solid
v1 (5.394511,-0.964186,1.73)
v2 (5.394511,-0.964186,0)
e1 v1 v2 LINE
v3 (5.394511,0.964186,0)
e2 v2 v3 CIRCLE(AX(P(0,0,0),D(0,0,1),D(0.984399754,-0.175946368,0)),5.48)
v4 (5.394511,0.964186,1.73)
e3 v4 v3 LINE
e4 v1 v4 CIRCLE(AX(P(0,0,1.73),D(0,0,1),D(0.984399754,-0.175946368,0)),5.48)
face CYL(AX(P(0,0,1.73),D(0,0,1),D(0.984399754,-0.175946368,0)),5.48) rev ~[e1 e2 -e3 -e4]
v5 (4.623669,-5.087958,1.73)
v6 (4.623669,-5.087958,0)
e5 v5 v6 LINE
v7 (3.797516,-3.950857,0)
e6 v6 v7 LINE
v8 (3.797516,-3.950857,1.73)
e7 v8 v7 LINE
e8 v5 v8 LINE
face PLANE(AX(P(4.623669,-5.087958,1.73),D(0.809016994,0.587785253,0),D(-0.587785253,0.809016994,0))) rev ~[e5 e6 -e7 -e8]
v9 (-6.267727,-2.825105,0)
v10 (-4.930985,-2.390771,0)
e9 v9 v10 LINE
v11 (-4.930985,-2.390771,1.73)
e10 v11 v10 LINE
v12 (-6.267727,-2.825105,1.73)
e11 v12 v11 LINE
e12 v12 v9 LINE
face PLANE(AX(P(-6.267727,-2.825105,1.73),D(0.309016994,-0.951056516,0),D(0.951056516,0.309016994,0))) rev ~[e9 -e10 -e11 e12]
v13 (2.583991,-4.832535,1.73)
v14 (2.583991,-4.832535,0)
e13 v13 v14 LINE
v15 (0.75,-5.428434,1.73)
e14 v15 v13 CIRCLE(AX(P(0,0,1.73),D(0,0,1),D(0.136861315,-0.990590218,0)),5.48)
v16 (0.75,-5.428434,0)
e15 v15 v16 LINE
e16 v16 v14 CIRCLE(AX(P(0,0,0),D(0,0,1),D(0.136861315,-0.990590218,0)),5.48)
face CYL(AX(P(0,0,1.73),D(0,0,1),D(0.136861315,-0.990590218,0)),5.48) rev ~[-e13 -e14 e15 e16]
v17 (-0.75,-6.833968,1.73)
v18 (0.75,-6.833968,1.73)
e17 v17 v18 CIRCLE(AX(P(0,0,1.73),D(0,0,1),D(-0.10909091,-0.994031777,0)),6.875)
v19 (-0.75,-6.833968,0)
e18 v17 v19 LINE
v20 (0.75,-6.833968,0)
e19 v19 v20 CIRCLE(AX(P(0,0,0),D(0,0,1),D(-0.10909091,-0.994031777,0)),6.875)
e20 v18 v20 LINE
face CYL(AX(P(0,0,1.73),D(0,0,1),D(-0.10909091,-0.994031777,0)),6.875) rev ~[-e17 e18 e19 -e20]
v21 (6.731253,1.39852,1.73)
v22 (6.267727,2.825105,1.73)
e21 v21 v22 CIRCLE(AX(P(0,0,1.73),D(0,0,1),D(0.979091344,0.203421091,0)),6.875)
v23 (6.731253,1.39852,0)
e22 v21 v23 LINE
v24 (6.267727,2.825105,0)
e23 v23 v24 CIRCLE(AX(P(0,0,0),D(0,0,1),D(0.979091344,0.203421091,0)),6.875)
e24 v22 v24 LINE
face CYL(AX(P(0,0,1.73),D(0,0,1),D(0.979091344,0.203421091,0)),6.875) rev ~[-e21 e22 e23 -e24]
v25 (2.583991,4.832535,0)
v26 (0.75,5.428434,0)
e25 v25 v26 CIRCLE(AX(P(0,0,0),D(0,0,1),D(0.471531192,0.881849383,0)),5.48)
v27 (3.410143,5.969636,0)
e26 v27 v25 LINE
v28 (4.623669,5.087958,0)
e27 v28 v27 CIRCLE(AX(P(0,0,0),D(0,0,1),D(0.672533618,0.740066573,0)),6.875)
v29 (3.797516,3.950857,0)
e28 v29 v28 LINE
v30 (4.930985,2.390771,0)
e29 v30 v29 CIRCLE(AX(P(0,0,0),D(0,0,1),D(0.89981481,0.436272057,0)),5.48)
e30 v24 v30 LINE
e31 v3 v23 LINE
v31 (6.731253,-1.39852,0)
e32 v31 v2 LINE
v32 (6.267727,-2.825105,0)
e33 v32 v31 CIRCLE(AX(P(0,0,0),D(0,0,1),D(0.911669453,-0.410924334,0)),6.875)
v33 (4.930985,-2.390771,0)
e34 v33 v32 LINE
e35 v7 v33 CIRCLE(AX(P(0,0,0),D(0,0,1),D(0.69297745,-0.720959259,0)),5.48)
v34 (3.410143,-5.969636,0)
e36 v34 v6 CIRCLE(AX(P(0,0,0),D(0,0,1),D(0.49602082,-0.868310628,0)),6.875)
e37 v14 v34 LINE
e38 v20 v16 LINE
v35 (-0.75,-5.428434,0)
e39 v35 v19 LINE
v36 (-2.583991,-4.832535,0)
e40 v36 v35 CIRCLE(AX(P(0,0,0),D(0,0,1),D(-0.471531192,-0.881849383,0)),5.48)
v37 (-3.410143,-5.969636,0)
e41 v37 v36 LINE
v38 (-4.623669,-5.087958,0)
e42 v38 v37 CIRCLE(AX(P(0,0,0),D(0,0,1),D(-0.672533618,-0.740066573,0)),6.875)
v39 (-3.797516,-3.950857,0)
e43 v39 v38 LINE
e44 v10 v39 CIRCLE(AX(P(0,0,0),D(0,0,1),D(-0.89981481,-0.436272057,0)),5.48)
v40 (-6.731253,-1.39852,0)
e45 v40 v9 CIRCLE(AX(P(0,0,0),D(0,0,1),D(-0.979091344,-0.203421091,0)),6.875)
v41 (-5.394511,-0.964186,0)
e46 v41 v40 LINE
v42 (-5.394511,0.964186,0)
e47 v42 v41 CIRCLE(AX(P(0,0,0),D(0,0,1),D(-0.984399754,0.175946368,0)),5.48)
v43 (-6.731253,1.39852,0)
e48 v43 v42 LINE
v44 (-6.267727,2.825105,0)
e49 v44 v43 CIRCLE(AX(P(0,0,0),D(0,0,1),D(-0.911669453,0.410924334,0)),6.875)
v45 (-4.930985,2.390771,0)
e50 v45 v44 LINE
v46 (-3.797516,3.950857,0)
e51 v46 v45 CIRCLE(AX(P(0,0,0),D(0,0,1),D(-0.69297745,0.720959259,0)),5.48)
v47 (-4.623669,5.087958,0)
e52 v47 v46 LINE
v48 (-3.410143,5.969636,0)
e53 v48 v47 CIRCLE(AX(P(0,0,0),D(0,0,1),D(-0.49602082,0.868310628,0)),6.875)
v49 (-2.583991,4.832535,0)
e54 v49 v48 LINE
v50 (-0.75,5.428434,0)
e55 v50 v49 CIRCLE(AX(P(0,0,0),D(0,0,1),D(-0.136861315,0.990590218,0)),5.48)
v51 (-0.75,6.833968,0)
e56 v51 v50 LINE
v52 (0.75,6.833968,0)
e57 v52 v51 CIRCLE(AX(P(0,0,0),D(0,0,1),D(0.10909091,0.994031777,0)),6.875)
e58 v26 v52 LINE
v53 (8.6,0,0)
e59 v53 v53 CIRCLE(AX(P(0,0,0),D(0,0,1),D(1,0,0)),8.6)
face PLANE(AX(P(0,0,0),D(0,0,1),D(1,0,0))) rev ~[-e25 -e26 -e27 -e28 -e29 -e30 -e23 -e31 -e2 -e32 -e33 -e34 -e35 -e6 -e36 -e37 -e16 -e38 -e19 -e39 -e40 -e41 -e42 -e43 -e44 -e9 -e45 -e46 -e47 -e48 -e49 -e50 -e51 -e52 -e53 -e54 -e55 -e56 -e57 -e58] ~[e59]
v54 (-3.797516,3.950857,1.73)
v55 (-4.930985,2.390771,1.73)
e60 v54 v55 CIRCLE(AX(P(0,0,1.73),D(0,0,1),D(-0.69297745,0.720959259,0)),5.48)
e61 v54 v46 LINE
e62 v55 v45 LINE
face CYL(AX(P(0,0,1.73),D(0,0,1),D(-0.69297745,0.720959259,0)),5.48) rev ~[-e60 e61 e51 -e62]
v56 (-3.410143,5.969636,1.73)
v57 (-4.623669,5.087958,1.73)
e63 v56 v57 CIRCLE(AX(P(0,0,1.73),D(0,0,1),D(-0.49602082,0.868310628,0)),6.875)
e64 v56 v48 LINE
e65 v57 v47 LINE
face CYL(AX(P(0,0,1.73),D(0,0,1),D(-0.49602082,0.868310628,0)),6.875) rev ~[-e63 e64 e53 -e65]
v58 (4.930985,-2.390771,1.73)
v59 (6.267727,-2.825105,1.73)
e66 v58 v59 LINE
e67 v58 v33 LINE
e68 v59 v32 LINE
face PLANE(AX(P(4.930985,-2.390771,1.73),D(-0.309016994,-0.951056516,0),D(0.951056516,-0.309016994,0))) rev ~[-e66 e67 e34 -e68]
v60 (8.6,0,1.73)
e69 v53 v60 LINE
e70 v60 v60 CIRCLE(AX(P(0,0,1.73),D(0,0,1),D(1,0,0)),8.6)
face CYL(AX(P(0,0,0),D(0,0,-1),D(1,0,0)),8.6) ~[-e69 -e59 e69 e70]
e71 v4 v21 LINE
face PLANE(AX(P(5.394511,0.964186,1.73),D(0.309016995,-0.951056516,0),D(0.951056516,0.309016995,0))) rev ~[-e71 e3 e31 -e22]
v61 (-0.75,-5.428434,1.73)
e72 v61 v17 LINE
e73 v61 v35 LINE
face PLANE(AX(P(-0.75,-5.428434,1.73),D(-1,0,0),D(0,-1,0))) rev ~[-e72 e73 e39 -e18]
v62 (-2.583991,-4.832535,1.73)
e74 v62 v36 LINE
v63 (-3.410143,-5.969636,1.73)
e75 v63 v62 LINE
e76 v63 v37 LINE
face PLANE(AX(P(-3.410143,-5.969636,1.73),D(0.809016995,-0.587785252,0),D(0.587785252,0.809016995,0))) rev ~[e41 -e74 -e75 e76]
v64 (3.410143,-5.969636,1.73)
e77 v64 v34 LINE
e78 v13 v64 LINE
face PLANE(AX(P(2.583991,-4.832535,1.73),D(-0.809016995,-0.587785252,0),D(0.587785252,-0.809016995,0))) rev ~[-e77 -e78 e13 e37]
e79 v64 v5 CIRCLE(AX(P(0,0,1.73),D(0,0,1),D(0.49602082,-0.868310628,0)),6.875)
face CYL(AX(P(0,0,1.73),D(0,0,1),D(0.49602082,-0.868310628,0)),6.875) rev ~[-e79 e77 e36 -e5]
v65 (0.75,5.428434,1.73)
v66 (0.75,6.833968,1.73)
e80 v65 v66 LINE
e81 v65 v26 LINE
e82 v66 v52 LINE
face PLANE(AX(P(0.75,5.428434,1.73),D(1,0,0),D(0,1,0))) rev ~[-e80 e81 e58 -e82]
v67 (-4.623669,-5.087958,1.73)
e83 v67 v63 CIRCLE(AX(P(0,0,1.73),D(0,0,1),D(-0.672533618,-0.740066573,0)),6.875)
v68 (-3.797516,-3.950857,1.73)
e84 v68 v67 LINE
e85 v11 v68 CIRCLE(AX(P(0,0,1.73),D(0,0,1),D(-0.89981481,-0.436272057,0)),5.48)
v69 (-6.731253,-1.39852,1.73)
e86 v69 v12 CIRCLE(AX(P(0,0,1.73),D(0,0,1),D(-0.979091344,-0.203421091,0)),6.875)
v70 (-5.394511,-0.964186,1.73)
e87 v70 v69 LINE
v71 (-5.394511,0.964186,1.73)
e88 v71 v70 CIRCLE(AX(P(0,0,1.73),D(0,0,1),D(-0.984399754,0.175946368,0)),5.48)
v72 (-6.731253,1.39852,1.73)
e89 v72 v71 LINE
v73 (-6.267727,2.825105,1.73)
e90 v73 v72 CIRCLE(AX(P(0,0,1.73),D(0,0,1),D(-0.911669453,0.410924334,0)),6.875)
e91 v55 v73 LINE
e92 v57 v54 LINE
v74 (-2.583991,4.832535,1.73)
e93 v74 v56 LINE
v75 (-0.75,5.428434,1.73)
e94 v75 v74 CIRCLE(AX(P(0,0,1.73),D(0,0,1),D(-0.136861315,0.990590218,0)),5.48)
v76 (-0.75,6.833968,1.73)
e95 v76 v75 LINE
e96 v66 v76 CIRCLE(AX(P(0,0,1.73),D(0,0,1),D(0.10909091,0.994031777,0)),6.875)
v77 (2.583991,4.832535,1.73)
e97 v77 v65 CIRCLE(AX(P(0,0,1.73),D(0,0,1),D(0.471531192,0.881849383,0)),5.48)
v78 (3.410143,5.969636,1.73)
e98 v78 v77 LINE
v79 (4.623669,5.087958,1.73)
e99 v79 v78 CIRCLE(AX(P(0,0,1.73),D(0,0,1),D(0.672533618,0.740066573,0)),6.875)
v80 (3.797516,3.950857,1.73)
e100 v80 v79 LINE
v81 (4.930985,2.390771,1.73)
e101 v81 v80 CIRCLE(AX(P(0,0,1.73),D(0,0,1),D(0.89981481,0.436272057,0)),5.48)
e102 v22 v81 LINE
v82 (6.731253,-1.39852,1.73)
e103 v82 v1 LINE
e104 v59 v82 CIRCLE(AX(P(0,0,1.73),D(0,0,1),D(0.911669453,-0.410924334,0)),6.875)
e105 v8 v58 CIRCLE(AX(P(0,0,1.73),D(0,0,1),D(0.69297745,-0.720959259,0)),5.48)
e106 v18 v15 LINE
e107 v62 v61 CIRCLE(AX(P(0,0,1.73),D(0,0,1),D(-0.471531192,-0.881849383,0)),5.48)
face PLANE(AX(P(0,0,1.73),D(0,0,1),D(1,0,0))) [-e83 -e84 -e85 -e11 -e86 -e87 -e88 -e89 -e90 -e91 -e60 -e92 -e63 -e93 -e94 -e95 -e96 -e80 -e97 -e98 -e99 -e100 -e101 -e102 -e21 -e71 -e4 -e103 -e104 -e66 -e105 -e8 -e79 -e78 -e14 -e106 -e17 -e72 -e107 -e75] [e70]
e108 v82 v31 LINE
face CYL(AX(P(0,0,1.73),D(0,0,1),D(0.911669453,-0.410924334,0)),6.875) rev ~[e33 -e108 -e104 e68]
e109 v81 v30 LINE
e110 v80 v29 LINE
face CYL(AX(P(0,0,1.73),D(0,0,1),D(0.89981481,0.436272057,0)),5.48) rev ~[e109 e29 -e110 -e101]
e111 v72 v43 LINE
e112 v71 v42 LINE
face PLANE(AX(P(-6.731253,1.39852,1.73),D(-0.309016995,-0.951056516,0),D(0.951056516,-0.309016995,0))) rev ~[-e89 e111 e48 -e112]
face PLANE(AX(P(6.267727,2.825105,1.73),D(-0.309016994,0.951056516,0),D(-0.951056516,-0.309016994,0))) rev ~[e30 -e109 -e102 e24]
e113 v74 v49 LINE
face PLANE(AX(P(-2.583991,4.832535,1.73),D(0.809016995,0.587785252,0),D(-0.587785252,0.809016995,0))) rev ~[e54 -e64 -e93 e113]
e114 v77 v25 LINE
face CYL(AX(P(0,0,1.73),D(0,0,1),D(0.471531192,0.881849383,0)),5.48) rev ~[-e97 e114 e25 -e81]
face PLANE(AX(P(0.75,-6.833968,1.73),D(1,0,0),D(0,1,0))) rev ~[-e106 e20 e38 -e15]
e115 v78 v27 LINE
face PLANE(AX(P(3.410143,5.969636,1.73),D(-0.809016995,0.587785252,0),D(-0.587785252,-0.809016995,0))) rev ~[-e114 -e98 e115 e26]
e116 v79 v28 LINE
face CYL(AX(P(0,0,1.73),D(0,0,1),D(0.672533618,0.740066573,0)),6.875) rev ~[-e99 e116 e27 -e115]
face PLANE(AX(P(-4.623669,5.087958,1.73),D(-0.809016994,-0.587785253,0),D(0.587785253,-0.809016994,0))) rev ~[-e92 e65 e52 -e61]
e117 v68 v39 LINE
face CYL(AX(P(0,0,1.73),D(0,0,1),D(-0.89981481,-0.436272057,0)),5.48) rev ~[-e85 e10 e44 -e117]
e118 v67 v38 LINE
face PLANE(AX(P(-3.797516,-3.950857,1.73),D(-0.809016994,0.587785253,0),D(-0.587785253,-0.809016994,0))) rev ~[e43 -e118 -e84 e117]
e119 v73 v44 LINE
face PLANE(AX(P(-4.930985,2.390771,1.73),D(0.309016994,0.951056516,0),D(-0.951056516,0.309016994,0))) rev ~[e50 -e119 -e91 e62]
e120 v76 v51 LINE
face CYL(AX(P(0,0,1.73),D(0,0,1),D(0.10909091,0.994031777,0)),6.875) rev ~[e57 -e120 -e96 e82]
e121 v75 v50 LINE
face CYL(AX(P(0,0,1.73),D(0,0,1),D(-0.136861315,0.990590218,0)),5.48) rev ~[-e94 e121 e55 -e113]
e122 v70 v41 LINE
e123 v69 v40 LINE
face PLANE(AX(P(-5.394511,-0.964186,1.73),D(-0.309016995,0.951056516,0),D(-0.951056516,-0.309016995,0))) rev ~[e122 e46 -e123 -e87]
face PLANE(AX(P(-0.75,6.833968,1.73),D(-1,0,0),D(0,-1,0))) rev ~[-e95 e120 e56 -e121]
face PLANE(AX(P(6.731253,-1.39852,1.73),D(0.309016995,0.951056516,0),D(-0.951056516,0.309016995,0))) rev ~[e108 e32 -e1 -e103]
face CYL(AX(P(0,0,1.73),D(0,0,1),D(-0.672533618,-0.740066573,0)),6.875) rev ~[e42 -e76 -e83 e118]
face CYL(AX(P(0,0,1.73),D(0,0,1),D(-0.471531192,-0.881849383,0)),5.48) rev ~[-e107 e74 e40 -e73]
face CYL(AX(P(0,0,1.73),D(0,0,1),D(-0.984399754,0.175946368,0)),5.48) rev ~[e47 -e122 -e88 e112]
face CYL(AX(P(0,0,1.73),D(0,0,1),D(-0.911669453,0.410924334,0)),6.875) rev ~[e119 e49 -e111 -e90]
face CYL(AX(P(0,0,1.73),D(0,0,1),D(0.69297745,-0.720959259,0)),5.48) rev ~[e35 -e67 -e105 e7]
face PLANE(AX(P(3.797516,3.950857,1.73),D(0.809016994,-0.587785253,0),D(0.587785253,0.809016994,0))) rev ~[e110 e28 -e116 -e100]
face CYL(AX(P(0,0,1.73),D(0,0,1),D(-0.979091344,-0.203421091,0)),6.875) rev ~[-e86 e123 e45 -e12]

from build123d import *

# Parameters (mm, degrees)
SZKIC1_R                    = 8.6
DODANIE_WYCI_GNI_CIE1_DEPTH = 1.73
WYTNIJ_WYCI_GNI_CIE1_DEPTH  = 1.73


with BuildPart() as part:
    # Szkic1 → Dodanie-wyciągnięcie1 (new body)
    with BuildSketch(Plane.XY):
        Circle(SZKIC1_R)
    extrude(amount=DODANIE_WYCI_GNI_CIE1_DEPTH)

    # Szkic2 → Wytnij-wyciągnięcie1 (cut)
    with BuildSketch(Plane.XY.offset(1.73)):
        with BuildLine():
            Line((-2.583990936, 4.832534619), (-3.410143133, 5.969635568))
            ThreePointArc((-3.410143133, 5.969635568), (-4.04102361, 5.561991836), (-4.623668625, 5.087957689))
            Line((-4.623668625, 5.087957689), (-3.797516427, 3.950856741))
            ThreePointArc((-3.797516427, 3.950856741), (-4.433413129, 3.221063183), (-4.930985161, 2.390770869))
            Line((-4.930985161, 2.390770869), (-6.267727496, 2.825104782))
            ThreePointArc((-6.267727496, 2.825104782), (-6.53851355, 2.124491836), (-6.731252988, 1.398520008))
            Line((-6.731252988, 1.398520008), (-5.394510652, 0.964186094))
            ThreePointArc((-5.394510652, 0.964186094), (-5.48, 0), (-5.394510652, -0.964186094))
            Line((-5.394510652, -0.964186094), (-6.731252988, -1.398520008))
            ThreePointArc((-6.731252988, -1.398520008), (-6.53851355, -2.124491836), (-6.267727496, -2.825104782))
            Line((-6.267727496, -2.825104782), (-4.930985161, -2.390770869))
            ThreePointArc((-4.930985161, -2.390770869), (-4.433413129, -3.221063183), (-3.797516427, -3.950856741))
            Line((-3.797516427, -3.950856741), (-4.623668625, -5.087957689))
            ThreePointArc((-4.623668625, -5.087957689), (-4.04102361, -5.561991836), (-3.410143133, -5.969635568))
            Line((-3.410143133, -5.969635568), (-2.583990936, -4.832534619))
            ThreePointArc((-2.583990936, -4.832534619), (-1.693413129, -5.211789709), (-0.75, -5.428434397))
            Line((-0.75, -5.428434397), (-0.75, -6.833968466))
            ThreePointArc((-0.75, -6.833968466), (0, -6.875), (0.75, -6.833968466))
            Line((0.75, -6.833968466), (0.75, -5.428434397))
            ThreePointArc((0.75, -5.428434397), (1.693413129, -5.211789709), (2.583990936, -4.832534619))
            Line((2.583990936, -4.832534619), (3.410143133, -5.969635568))
            ThreePointArc((3.410143133, -5.969635568), (4.04102361, -5.561991836), (4.623668625, -5.087957689))
            Line((4.623668625, -5.087957689), (3.797516427, -3.950856741))
            ThreePointArc((3.797516427, -3.950856741), (4.433413129, -3.221063183), (4.930985161, -2.390770869))
            Line((4.930985161, -2.390770869), (6.267727496, -2.825104782))
            ThreePointArc((6.267727496, -2.825104782), (6.53851355, -2.124491836), (6.731252988, -1.398520008))
            Line((6.731252988, -1.398520008), (5.394510652, -0.964186094))
            ThreePointArc((5.394510652, -0.964186094), (5.48, 0), (5.394510652, 0.964186094))
            Line((5.394510652, 0.964186094), (6.731252988, 1.398520008))
            ThreePointArc((6.731252988, 1.398520008), (6.53851355, 2.124491836), (6.267727496, 2.825104782))
            Line((6.267727496, 2.825104782), (4.930985161, 2.390770869))
            ThreePointArc((4.930985161, 2.390770869), (4.433413129, 3.221063183), (3.797516427, 3.950856741))
            Line((3.797516427, 3.950856741), (4.623668625, 5.087957689))
            ThreePointArc((4.623668625, 5.087957689), (4.04102361, 5.561991836), (3.410143133, 5.969635568))
            Line((3.410143133, 5.969635568), (2.583990936, 4.832534619))
            ThreePointArc((2.583990936, 4.832534619), (1.693413129, 5.211789709), (0.75, 5.428434397))
            Line((0.75, 5.428434397), (0.75, 6.833968466))
            ThreePointArc((0.75, 6.833968466), (0, 6.875), (-0.75, 6.833968466))
            Line((-0.75, 6.833968466), (-0.75, 5.428434397))
            ThreePointArc((-0.75, 5.428434397), (-1.693413129, 5.211789709), (-2.583990936, 4.832534619))
        make_face()
    extrude(amount=-WYTNIJ_WYCI_GNI_CIE1_DEPTH, mode=Mode.SUBTRACT)


solid = part.part
